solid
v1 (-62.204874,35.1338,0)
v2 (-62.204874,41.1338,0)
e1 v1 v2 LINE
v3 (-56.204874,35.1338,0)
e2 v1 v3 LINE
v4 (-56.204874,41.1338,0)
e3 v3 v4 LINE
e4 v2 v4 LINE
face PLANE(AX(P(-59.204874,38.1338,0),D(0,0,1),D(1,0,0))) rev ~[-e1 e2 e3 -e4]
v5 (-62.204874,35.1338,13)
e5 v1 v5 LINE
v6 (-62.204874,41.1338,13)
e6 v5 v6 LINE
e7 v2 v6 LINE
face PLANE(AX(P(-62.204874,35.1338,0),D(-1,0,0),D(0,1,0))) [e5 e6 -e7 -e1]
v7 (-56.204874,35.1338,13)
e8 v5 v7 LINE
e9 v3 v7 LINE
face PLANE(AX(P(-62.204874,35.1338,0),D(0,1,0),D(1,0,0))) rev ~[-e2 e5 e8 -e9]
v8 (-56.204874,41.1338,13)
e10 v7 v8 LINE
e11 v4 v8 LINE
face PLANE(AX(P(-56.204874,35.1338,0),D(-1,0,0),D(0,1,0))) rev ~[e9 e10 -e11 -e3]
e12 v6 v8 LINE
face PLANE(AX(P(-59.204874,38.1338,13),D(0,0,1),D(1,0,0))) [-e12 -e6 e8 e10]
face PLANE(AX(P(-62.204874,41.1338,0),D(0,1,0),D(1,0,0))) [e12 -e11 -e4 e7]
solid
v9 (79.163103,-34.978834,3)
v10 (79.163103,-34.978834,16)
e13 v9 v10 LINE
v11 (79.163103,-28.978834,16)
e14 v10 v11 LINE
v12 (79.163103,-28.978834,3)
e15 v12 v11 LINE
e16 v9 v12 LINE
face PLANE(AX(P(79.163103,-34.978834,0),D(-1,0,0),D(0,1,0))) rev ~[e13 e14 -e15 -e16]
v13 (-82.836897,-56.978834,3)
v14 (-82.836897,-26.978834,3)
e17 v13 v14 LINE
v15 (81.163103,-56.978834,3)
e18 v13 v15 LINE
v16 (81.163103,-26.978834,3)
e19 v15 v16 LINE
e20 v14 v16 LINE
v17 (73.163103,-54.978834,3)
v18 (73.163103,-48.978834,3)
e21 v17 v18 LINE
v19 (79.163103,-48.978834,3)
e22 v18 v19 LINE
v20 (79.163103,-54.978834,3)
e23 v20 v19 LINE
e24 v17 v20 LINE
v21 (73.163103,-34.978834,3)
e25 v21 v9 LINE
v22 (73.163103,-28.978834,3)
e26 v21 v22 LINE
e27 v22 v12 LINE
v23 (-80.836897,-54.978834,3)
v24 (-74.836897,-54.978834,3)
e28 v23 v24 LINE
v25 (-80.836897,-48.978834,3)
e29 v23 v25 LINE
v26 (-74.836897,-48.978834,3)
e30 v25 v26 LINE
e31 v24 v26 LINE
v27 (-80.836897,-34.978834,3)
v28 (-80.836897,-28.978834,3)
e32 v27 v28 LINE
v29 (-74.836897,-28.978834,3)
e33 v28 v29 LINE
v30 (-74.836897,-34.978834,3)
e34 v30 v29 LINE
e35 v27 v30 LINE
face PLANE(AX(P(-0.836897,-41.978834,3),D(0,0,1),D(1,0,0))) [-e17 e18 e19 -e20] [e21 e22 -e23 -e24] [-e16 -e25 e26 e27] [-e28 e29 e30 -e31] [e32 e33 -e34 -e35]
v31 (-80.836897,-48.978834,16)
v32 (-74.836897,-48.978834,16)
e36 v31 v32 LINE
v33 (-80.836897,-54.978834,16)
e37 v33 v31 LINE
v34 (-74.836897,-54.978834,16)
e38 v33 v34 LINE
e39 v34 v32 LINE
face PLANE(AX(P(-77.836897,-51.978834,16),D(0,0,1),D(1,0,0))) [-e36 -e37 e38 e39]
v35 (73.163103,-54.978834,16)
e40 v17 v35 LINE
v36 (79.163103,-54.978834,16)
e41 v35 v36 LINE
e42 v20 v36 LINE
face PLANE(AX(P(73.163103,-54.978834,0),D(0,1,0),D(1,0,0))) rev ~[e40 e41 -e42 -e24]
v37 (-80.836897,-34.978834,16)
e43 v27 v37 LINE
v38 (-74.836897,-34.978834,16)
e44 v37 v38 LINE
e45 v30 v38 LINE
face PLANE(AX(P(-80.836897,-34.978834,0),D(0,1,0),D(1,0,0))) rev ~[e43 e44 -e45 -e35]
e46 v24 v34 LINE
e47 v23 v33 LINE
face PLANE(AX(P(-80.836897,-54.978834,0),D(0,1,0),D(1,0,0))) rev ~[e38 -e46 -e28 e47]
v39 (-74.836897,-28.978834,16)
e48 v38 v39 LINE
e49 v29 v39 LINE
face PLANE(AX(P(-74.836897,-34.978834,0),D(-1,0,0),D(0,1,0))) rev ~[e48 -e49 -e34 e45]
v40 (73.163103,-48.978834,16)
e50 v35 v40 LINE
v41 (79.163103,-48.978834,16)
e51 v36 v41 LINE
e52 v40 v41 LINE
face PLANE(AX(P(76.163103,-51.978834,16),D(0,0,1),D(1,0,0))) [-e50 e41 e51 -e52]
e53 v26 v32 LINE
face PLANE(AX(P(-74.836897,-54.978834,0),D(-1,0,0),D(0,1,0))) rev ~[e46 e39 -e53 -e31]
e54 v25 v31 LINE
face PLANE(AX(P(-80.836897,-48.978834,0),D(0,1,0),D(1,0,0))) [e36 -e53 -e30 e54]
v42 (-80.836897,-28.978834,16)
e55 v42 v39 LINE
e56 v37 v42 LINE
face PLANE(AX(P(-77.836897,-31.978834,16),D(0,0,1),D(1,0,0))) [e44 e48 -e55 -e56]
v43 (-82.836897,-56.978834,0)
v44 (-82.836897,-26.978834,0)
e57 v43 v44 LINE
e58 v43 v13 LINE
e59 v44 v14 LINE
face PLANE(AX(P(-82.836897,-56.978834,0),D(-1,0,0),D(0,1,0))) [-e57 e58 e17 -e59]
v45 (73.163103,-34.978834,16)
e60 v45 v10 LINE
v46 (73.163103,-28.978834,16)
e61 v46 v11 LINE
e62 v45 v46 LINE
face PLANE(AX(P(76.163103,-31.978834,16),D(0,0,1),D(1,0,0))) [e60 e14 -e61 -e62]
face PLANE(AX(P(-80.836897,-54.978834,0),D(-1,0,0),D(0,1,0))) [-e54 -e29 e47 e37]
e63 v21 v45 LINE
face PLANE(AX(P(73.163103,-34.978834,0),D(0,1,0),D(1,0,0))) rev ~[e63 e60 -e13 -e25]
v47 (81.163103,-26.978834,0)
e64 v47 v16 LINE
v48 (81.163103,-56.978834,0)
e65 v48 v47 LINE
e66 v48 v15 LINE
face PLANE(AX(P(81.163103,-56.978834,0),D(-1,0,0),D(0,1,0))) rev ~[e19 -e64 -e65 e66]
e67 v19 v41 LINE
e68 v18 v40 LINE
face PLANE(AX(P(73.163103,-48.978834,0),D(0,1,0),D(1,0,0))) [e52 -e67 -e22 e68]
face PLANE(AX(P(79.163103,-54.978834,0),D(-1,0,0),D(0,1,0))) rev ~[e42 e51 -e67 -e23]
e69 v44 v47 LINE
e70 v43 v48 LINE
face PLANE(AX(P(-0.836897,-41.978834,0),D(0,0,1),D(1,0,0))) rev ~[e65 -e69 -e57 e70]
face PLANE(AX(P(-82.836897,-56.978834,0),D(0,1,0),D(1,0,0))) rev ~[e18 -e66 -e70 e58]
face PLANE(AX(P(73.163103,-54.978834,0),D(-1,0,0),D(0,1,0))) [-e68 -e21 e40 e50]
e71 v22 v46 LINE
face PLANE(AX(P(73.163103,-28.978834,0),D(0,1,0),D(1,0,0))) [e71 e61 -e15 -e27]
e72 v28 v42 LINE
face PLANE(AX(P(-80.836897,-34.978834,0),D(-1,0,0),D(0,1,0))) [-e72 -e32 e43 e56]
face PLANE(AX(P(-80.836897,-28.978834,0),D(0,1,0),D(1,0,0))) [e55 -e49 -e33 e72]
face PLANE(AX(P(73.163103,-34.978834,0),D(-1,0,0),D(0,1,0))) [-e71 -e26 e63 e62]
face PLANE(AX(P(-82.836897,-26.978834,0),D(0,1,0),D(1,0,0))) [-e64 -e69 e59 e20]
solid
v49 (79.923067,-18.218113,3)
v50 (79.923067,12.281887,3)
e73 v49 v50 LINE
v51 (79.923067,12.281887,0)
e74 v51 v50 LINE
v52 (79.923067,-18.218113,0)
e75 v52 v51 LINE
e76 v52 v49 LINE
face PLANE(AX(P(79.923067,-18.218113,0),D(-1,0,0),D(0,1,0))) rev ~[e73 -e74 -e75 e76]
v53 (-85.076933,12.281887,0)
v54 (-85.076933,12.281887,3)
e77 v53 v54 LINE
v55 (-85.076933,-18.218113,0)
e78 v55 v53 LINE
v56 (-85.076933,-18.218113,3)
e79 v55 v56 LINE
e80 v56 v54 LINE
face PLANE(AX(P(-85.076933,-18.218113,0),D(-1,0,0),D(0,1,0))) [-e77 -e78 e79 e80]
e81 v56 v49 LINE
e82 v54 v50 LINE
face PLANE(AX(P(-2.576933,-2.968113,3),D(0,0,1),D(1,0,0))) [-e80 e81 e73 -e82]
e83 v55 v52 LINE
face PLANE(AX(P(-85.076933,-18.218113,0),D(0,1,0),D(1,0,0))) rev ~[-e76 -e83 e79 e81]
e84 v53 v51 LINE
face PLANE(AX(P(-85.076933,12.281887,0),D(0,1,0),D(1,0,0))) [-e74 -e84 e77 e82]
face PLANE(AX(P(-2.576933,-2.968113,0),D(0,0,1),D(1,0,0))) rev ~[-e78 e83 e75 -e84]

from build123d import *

# Parameters (mm, degrees)
F0_W     = 165
F0_H     = 30.5
F2_DEPTH = 3
F1_W     = 6
F1_H     = 6
F3_DEPTH = 13
F4_W     = 164
F4_H     = 30
F4_W_2   = 6
F4_H_2   = 6
F5_DEPTH = 3
F6_DEPTH = 16


with BuildPart() as f2:
    # F0 (on Top) → F2 (new body)
    with BuildSketch(Plane.XY):
        with Locations((-2.576933, -2.968113)):
            Rectangle(F0_W, F0_H)
    extrude(amount=F2_DEPTH)


with BuildPart() as f3:
    # F1 (on Top) → F3 (new body)
    with BuildSketch(Plane.XY):
        with Locations((-59.204874, 38.1338)):
            Rectangle(F1_W, F1_H)
    extrude(amount=F3_DEPTH)


with BuildPart() as f5:
    # F4 (on Top) → F5 (new body)
    with BuildSketch(Plane.XY):
        with Locations((-0.836897, -41.978834)):
            Rectangle(F4_W, F4_H)
        with Locations((-77.836897, -51.978834)):
            Rectangle(F4_W_2, F4_H_2, mode=Mode.SUBTRACT)
        with Locations((76.163103, -51.978834)):
            Rectangle(F4_W_2, F4_H_2, mode=Mode.SUBTRACT)
        with Locations((-77.836897, -31.978834)):
            Rectangle(F4_W_2, F4_H_2, mode=Mode.SUBTRACT)
        with Locations((76.163103, -31.978834)):
            Rectangle(F4_W_2, F4_H_2, mode=Mode.SUBTRACT)
    extrude(amount=F5_DEPTH)

    # F4 (on Top) → F6 (join)
    with BuildSketch(Plane.XY):
        with Locations((-77.836897, -31.978834)):
            Rectangle(F4_W_2, F4_H_2)
        with Locations((-77.836897, -51.978834)):
            Rectangle(F4_W_2, F4_H_2)
        with Locations((76.163103, -31.978834)):
            Rectangle(F4_W_2, F4_H_2)
        with Locations((76.163103, -51.978834)):
            Rectangle(F4_W_2, F4_H_2)
    extrude(amount=F6_DEPTH)


solid = Compound([f2.part, f3.part, f5.part])
